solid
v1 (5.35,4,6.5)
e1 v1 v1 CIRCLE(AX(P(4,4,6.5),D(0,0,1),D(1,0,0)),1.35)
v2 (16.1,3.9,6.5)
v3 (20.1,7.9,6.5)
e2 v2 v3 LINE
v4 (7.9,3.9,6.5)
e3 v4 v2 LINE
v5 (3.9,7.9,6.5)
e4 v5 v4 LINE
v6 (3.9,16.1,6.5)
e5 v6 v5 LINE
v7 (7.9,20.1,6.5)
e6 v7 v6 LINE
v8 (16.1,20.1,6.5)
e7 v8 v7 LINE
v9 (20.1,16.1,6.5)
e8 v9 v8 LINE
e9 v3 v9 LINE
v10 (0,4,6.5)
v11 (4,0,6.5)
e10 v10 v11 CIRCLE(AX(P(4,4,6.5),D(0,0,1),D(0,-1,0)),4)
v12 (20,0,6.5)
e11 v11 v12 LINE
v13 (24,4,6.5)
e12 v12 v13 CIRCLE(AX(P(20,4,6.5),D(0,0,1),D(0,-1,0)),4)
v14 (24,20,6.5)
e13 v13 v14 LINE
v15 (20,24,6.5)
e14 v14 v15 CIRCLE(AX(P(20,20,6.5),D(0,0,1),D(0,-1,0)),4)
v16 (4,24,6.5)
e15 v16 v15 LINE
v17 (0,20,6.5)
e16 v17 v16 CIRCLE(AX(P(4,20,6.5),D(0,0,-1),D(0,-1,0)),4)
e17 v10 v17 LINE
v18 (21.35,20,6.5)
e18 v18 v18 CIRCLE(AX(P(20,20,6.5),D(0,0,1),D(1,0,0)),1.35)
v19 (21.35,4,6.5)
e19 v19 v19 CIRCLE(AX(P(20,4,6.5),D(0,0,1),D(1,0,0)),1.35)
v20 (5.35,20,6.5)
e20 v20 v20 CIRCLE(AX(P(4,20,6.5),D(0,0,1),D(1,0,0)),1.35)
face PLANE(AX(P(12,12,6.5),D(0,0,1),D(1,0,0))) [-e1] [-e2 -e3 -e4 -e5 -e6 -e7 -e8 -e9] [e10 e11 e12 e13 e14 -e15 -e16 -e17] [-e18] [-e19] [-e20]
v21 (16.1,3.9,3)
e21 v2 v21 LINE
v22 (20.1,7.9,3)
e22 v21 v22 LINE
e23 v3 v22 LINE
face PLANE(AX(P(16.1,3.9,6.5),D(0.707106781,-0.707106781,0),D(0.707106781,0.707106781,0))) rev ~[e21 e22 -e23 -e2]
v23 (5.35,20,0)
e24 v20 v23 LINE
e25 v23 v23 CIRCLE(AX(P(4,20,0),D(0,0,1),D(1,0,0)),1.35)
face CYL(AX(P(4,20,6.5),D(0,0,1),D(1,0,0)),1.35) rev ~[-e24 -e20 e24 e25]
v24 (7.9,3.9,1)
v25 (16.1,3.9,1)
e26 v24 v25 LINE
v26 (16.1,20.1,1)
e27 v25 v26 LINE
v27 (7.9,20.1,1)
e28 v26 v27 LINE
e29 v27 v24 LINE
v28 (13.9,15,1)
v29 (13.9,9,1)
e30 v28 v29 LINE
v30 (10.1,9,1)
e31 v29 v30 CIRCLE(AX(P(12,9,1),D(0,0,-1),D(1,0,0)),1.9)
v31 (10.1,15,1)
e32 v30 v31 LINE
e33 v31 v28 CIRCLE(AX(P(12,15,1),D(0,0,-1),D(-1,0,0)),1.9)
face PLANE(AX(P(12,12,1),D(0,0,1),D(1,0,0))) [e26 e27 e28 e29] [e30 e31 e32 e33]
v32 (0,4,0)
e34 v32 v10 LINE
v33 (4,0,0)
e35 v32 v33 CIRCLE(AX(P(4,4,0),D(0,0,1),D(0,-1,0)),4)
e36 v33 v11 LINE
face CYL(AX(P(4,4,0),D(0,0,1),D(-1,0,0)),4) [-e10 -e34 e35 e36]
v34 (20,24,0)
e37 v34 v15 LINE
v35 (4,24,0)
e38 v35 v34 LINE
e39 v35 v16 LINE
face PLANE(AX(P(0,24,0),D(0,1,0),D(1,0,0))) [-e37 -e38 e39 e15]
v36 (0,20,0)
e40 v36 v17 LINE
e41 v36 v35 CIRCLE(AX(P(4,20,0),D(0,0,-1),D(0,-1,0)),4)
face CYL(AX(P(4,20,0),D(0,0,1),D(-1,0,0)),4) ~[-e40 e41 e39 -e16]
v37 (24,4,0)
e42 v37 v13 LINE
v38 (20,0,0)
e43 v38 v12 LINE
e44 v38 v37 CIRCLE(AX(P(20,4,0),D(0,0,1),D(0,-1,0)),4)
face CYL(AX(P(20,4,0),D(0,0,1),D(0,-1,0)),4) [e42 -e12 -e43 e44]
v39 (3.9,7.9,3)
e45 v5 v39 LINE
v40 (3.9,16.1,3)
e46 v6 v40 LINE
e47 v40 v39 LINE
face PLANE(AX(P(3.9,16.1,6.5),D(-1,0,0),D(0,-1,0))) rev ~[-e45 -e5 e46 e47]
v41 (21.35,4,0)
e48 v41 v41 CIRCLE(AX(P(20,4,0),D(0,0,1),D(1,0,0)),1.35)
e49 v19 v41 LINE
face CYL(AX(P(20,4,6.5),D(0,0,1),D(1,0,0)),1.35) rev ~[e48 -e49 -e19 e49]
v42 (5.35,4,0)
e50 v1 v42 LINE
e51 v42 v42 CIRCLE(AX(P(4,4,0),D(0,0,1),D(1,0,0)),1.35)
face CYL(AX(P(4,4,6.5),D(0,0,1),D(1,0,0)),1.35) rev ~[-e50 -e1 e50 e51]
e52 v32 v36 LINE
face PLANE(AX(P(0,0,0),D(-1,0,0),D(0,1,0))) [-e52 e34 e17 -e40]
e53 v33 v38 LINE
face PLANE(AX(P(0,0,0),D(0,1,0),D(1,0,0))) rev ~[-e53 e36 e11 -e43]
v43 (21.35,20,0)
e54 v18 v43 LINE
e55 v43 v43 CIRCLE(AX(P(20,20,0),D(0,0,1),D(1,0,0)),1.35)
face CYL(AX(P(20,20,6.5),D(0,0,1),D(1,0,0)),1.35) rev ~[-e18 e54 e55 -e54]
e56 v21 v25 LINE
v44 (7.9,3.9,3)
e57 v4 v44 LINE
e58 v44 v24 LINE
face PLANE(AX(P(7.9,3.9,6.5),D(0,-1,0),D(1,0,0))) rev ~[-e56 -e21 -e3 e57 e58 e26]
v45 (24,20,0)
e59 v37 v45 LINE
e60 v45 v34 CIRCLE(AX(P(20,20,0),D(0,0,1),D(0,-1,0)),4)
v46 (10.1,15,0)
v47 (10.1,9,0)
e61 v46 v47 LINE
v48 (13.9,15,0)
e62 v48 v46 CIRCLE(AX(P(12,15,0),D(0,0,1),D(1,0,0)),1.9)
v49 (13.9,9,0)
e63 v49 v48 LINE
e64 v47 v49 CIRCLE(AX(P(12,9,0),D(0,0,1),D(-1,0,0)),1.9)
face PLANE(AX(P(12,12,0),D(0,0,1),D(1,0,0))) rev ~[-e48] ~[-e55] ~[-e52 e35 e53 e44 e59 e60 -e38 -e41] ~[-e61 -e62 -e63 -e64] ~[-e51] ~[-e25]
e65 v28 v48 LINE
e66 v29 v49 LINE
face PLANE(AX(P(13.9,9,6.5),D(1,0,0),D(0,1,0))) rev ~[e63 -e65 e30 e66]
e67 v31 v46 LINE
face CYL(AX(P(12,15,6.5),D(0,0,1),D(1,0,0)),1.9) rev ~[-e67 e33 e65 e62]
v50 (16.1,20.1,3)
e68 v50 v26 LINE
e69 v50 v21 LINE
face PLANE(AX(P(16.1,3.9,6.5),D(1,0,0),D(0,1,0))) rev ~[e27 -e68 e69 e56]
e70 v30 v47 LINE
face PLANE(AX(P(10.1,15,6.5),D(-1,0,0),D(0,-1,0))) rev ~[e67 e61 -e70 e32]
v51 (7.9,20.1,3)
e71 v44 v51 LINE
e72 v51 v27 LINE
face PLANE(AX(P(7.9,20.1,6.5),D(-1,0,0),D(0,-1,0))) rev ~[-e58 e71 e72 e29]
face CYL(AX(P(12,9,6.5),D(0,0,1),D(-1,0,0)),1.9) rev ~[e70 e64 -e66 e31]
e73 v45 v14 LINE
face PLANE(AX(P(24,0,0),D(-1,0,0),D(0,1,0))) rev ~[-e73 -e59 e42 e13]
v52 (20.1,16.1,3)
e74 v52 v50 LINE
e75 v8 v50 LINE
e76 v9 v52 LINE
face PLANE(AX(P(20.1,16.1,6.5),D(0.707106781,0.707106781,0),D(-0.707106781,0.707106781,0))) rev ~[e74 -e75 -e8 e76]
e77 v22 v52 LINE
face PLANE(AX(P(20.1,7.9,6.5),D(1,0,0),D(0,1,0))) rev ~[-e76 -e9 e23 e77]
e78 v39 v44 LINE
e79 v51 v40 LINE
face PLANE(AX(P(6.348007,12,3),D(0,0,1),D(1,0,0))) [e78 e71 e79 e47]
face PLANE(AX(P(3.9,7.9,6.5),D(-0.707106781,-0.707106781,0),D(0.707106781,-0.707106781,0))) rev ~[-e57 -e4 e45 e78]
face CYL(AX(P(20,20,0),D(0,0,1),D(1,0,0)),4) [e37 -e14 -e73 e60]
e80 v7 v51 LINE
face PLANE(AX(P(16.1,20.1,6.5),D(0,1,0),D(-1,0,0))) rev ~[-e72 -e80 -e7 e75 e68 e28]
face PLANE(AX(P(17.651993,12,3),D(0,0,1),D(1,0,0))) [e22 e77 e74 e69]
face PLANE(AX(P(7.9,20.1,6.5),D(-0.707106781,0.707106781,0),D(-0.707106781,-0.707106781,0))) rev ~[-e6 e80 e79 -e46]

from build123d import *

# Parameters (mm, degrees)
F0_W      = 24
F0_H      = 24
F1_DEPTH  = 6.5
F4_R      = 4
F5_R      = 1.35
F6_DEPTH  = 6.501
F8_DEPTH  = 5.5
F9_DEPTH  = 6.501
F10_DEPTH = 3.5


with BuildPart() as f1:
    # F0 (on Top) → F1 (new body)
    with BuildSketch(Plane.XY):
        with Locations((12, 12)):
            Rectangle(F0_W, F0_H)
    extrude(amount=F1_DEPTH)

    # F4
    f4_edges = [f1.edges().sort_by_distance(p)[0] for p in [
        (0, 0, 3.25),
        (24, 0, 3.25),
        (24, 24, 3.25),
        (0, 24, 3.25),
    ]]
    fillet(f4_edges, radius=F4_R)

    # F5 (on face) → F6 (cut, through all)
    with BuildSketch(Plane.XY.offset(6.5)):
        with Locations((4, 4)):
            Circle(F5_R)
        with Locations((4, 20)):
            Circle(F5_R)
        with Locations((20, 4)):
            Circle(F5_R)
        with Locations((20, 20)):
            Circle(F5_R)
    extrude(amount=-F6_DEPTH, mode=Mode.SUBTRACT)

    # F7 (on face) → F8 (cut, through all)
    with BuildSketch(Plane.XY.offset(6.5)):
        Polygon((16.1, 3.9), (16.1, 12), (16.1, 20.1), (7.9, 20.1), (7.9, 12), (7.9, 3.9), align=None)
        with BuildLine():
            Line((10.1, 9), (10.1, 15))
            ThreePointArc((10.1, 15), (12, 16.9), (13.9, 15))
            Line((13.9, 15), (13.9, 9))
            ThreePointArc((13.9, 9), (12, 7.1), (10.1, 9))
        make_face(mode=Mode.SUBTRACT)
    extrude(amount=-F8_DEPTH, mode=Mode.SUBTRACT)

    # F7 (on face) → F9 (cut, through all)
    with BuildSketch(Plane.XY.offset(6.5)):
        with BuildLine():
            ThreePointArc((13.9, 15), (12, 16.9), (10.1, 15))
            Line((10.1, 15), (10.1, 9))
            ThreePointArc((10.1, 9), (12, 7.1), (13.9, 9))
            Line((13.9, 9), (13.9, 15))
        make_face()
    extrude(amount=-F9_DEPTH, mode=Mode.SUBTRACT)

    # F7 (on face) → F10 (cut, through all)
    with BuildSketch(Plane.XY.offset(6.5)):
        Polygon((7.9, 12), (7.9, 20.1), (3.9, 16.1), (3.9, 12), (3.9, 7.9), (7.9, 3.9), align=None)
        Polygon((16.1, 20.1), (16.1, 12), (16.1, 3.9), (20.1, 7.9), (20.1, 12), (20.1, 16.1), align=None)
    extrude(amount=-F10_DEPTH, mode=Mode.SUBTRACT)


solid = f1.part
